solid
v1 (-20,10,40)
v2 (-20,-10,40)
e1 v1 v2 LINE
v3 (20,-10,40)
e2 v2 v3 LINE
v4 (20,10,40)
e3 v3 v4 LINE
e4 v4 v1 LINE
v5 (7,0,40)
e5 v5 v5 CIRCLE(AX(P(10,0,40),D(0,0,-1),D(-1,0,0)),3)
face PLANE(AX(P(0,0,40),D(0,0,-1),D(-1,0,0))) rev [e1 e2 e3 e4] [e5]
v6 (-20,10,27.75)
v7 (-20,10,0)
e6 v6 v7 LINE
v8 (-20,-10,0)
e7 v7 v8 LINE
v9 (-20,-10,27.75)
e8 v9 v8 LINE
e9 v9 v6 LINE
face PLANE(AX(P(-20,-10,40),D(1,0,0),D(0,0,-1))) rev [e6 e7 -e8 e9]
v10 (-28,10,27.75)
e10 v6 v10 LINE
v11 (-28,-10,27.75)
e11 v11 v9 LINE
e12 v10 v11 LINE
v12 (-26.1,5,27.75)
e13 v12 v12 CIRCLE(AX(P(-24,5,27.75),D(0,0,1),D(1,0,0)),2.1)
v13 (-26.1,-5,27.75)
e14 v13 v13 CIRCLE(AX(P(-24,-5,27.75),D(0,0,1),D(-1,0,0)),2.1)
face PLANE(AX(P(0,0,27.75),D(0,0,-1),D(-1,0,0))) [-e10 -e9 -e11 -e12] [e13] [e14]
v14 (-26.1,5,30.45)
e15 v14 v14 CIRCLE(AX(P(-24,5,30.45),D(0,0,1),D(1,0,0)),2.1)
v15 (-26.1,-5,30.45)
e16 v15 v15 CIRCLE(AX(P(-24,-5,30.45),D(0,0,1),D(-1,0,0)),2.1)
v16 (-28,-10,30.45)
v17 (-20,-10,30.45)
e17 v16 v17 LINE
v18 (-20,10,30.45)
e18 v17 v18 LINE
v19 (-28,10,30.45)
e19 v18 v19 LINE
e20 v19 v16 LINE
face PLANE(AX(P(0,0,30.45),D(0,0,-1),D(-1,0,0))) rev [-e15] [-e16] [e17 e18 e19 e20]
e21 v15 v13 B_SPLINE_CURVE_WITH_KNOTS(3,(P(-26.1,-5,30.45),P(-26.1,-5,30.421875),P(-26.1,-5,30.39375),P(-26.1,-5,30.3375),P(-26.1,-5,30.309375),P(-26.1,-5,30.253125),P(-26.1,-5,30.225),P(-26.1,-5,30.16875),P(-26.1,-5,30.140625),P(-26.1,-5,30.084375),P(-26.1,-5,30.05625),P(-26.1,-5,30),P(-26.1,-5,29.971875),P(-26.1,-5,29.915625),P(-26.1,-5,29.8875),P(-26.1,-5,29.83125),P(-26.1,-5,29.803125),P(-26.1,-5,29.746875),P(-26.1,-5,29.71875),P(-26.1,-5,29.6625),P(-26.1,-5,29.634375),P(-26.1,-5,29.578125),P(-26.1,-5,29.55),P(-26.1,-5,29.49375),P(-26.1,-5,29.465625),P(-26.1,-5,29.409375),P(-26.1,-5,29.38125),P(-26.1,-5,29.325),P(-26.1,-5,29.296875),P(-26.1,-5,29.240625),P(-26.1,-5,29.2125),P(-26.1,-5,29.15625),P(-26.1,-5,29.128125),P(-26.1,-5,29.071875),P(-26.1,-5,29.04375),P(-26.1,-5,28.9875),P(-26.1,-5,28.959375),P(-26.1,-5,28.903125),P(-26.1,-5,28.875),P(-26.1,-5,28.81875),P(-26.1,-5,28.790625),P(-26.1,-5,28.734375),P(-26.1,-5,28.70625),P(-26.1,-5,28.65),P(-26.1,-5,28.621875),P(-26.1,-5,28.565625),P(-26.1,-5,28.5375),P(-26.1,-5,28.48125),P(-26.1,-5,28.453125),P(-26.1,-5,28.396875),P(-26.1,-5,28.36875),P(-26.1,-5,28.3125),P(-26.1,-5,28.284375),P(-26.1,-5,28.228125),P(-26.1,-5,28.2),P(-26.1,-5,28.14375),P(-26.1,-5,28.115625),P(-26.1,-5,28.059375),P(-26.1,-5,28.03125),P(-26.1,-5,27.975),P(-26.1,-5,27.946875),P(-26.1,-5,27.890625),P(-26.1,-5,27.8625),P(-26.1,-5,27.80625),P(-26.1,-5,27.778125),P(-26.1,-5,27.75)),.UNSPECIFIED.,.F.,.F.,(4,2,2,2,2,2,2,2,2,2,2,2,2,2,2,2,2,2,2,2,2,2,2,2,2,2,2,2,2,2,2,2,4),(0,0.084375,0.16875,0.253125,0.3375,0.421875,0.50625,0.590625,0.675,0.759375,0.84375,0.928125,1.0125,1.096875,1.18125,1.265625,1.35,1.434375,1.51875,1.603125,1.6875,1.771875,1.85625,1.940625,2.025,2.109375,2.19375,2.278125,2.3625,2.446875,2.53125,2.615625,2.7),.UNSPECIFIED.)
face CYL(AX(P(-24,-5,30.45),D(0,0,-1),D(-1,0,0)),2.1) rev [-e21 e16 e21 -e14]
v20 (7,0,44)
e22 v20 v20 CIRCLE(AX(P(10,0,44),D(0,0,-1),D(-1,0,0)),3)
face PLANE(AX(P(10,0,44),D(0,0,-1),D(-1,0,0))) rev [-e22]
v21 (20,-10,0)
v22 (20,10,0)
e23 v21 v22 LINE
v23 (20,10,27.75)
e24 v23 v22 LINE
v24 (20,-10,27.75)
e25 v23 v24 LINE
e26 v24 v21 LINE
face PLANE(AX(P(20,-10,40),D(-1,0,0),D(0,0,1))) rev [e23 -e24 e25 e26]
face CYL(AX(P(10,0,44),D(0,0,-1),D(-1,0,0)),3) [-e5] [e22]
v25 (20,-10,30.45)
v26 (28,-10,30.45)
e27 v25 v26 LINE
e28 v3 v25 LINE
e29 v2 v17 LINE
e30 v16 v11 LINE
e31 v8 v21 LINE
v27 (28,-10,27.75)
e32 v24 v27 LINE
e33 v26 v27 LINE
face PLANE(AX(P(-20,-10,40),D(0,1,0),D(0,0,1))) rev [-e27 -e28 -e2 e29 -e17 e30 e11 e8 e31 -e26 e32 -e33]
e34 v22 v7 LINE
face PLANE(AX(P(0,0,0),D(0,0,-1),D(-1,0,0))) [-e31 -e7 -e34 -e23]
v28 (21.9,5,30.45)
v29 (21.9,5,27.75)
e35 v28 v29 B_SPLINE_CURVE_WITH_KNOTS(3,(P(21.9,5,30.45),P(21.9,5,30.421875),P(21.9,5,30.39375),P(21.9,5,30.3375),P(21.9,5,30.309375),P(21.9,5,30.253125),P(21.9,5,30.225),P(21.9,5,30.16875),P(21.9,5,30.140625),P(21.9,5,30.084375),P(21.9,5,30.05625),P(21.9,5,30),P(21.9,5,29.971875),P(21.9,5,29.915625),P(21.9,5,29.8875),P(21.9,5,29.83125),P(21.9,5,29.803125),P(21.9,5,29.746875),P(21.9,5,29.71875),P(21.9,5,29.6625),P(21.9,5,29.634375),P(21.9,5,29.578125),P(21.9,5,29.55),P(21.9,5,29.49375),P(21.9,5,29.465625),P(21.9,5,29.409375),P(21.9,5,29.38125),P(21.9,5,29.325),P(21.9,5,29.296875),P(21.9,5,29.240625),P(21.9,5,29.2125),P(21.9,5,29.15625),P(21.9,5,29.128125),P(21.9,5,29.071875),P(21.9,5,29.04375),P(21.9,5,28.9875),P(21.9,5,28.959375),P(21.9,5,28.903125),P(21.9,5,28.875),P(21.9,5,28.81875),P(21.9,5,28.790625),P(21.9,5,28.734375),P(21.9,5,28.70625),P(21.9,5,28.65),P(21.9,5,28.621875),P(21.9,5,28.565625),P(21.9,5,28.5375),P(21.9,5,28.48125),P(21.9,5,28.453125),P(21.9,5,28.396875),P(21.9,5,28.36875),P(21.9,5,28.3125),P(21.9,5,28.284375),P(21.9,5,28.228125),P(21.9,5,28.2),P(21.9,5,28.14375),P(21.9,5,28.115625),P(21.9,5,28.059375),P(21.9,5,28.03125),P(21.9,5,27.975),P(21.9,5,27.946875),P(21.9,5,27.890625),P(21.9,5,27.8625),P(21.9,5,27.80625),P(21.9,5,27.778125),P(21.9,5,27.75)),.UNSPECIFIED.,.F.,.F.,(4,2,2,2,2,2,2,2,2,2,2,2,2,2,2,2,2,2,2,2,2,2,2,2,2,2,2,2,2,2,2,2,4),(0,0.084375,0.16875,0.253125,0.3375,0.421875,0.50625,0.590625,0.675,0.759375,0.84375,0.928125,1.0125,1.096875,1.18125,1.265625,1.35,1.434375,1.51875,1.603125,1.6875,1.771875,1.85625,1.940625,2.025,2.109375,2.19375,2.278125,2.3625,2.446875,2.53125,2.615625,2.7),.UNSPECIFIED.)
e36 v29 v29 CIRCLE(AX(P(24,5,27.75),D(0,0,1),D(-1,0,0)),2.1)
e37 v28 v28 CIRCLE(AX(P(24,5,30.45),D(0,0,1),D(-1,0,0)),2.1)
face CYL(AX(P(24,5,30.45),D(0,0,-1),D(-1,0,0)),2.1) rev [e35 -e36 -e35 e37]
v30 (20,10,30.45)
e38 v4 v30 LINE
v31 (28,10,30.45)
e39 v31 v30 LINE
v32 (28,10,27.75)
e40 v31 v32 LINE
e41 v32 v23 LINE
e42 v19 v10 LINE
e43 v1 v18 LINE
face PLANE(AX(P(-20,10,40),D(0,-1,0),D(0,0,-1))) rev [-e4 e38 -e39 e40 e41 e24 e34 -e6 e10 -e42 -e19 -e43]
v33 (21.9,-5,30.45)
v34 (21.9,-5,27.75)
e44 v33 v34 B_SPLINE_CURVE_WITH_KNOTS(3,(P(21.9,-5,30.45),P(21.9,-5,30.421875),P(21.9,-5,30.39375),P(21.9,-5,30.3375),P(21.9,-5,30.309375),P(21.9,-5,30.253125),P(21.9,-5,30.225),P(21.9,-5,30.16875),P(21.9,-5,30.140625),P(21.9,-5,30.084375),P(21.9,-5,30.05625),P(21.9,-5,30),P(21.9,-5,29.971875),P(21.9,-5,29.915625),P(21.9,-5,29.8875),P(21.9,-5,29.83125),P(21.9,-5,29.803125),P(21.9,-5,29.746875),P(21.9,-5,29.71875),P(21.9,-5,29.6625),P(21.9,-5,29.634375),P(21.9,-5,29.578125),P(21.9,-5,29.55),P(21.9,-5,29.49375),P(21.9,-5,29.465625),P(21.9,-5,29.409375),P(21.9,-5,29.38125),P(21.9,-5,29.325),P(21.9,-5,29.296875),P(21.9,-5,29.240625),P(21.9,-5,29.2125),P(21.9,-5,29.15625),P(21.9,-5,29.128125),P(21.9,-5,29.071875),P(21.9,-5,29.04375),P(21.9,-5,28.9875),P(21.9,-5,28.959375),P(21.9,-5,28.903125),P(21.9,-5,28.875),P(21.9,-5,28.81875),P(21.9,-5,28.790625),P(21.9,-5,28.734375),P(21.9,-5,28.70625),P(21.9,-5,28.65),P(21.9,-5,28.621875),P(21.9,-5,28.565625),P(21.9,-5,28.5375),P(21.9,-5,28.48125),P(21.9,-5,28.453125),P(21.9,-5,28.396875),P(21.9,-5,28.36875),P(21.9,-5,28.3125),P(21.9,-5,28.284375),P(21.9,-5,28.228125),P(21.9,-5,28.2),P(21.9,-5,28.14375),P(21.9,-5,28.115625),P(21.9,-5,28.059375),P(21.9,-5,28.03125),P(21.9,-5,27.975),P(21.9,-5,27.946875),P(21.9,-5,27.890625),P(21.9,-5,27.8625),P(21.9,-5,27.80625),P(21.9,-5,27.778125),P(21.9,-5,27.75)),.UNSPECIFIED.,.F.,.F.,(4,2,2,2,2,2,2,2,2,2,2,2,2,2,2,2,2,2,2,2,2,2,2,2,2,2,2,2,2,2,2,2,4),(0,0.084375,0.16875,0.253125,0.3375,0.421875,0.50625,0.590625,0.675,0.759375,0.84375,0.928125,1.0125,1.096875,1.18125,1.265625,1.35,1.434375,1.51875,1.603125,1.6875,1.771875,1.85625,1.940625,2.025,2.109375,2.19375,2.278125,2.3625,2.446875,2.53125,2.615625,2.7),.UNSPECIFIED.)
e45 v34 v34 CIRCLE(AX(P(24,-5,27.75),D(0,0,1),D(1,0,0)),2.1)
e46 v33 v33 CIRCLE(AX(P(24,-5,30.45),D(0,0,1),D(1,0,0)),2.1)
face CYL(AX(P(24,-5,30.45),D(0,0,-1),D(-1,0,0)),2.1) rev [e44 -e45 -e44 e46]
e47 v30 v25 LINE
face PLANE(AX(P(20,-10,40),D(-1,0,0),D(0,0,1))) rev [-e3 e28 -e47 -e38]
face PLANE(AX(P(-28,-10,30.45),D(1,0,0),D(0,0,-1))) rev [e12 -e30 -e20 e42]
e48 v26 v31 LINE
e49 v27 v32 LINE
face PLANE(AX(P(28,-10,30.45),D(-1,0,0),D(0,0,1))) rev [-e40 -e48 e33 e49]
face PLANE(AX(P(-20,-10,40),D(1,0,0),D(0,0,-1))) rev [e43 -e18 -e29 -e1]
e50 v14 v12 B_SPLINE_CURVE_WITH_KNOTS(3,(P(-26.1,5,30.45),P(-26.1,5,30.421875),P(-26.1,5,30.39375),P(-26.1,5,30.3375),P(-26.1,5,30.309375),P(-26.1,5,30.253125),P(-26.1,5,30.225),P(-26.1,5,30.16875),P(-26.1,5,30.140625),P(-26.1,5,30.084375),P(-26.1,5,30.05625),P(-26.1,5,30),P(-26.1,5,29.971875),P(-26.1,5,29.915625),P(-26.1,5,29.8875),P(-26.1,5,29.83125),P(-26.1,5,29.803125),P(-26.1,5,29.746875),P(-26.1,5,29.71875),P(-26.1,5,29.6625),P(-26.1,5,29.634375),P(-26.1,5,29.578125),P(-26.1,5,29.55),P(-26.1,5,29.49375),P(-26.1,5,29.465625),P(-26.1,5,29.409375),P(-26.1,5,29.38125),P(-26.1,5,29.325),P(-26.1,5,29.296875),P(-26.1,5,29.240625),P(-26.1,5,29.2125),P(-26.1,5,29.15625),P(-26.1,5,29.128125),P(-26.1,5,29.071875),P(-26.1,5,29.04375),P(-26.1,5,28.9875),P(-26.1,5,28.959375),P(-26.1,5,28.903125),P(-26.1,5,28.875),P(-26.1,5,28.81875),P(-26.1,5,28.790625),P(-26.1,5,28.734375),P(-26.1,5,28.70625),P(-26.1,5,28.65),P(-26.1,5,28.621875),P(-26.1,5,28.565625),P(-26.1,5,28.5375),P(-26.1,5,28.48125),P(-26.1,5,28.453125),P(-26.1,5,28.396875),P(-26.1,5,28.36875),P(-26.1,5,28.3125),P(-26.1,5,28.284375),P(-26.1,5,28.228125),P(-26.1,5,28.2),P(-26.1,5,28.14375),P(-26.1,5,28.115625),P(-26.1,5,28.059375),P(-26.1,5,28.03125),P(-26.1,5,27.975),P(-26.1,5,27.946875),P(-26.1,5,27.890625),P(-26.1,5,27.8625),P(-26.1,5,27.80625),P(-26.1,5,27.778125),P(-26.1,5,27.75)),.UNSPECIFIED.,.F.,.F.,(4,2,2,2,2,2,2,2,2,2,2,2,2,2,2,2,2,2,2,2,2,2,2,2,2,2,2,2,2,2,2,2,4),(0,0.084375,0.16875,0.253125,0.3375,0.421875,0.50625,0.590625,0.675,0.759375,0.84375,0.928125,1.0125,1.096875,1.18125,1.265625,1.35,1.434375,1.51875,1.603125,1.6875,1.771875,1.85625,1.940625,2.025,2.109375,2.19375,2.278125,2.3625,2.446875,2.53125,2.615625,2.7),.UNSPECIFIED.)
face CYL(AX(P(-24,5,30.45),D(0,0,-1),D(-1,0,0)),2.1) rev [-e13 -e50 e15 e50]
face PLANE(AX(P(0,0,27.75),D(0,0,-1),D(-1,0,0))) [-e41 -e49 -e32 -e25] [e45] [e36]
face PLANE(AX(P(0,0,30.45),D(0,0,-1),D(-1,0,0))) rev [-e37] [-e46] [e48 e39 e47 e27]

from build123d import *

# Parameters (mm, degrees)
SKETCH1_W           = 40
SKETCH1_H           = 20
BOSS_EXTRUDE1_DEPTH = 40
BOSS_EXTRUDE2_START = 40
SKETCH2_R           = 3
BOSS_EXTRUDE2_DEPTH = 4
BOSS_EXTRUDE3_START = 27.75
SKETCH3_W           = 56
SKETCH3_H           = 20
SKETCH3_R           = 2.1
BOSS_EXTRUDE3_DEPTH = 2.7


with BuildPart() as part:
    # Sketch1 → Boss-Extrude1 (new body)
    with BuildSketch(Plane.XY):
        Rectangle(SKETCH1_W, SKETCH1_H)
    extrude(amount=BOSS_EXTRUDE1_DEPTH)

    # Sketch2 → Boss-Extrude2 (add)
    with BuildSketch(Plane.XY.offset(BOSS_EXTRUDE2_START)):
        with Locations(Location((10, 0, 0), (0, 0, 180))):
            Circle(SKETCH2_R)
    extrude(amount=BOSS_EXTRUDE2_DEPTH)

    # Sketch3 → Boss-Extrude3 (add)
    with BuildSketch(Plane.XY.offset(BOSS_EXTRUDE3_START)):
        Rectangle(SKETCH3_W, SKETCH3_H)
        with Locations(Location((-24, 5, 0), (0, 0, 180))):
            Circle(SKETCH3_R, mode=Mode.SUBTRACT)
        with Locations(Location((-24, -5, 0), (0, 0, 180))):
            Circle(SKETCH3_R, mode=Mode.SUBTRACT)
        with Locations(Location((24, -5, 0), (0, 0, 180))):
            Circle(SKETCH3_R, mode=Mode.SUBTRACT)
        with Locations(Location((24, 5, 0), (0, 0, 180))):
            Circle(SKETCH3_R, mode=Mode.SUBTRACT)
    extrude(amount=BOSS_EXTRUDE3_DEPTH)


solid = part.part
